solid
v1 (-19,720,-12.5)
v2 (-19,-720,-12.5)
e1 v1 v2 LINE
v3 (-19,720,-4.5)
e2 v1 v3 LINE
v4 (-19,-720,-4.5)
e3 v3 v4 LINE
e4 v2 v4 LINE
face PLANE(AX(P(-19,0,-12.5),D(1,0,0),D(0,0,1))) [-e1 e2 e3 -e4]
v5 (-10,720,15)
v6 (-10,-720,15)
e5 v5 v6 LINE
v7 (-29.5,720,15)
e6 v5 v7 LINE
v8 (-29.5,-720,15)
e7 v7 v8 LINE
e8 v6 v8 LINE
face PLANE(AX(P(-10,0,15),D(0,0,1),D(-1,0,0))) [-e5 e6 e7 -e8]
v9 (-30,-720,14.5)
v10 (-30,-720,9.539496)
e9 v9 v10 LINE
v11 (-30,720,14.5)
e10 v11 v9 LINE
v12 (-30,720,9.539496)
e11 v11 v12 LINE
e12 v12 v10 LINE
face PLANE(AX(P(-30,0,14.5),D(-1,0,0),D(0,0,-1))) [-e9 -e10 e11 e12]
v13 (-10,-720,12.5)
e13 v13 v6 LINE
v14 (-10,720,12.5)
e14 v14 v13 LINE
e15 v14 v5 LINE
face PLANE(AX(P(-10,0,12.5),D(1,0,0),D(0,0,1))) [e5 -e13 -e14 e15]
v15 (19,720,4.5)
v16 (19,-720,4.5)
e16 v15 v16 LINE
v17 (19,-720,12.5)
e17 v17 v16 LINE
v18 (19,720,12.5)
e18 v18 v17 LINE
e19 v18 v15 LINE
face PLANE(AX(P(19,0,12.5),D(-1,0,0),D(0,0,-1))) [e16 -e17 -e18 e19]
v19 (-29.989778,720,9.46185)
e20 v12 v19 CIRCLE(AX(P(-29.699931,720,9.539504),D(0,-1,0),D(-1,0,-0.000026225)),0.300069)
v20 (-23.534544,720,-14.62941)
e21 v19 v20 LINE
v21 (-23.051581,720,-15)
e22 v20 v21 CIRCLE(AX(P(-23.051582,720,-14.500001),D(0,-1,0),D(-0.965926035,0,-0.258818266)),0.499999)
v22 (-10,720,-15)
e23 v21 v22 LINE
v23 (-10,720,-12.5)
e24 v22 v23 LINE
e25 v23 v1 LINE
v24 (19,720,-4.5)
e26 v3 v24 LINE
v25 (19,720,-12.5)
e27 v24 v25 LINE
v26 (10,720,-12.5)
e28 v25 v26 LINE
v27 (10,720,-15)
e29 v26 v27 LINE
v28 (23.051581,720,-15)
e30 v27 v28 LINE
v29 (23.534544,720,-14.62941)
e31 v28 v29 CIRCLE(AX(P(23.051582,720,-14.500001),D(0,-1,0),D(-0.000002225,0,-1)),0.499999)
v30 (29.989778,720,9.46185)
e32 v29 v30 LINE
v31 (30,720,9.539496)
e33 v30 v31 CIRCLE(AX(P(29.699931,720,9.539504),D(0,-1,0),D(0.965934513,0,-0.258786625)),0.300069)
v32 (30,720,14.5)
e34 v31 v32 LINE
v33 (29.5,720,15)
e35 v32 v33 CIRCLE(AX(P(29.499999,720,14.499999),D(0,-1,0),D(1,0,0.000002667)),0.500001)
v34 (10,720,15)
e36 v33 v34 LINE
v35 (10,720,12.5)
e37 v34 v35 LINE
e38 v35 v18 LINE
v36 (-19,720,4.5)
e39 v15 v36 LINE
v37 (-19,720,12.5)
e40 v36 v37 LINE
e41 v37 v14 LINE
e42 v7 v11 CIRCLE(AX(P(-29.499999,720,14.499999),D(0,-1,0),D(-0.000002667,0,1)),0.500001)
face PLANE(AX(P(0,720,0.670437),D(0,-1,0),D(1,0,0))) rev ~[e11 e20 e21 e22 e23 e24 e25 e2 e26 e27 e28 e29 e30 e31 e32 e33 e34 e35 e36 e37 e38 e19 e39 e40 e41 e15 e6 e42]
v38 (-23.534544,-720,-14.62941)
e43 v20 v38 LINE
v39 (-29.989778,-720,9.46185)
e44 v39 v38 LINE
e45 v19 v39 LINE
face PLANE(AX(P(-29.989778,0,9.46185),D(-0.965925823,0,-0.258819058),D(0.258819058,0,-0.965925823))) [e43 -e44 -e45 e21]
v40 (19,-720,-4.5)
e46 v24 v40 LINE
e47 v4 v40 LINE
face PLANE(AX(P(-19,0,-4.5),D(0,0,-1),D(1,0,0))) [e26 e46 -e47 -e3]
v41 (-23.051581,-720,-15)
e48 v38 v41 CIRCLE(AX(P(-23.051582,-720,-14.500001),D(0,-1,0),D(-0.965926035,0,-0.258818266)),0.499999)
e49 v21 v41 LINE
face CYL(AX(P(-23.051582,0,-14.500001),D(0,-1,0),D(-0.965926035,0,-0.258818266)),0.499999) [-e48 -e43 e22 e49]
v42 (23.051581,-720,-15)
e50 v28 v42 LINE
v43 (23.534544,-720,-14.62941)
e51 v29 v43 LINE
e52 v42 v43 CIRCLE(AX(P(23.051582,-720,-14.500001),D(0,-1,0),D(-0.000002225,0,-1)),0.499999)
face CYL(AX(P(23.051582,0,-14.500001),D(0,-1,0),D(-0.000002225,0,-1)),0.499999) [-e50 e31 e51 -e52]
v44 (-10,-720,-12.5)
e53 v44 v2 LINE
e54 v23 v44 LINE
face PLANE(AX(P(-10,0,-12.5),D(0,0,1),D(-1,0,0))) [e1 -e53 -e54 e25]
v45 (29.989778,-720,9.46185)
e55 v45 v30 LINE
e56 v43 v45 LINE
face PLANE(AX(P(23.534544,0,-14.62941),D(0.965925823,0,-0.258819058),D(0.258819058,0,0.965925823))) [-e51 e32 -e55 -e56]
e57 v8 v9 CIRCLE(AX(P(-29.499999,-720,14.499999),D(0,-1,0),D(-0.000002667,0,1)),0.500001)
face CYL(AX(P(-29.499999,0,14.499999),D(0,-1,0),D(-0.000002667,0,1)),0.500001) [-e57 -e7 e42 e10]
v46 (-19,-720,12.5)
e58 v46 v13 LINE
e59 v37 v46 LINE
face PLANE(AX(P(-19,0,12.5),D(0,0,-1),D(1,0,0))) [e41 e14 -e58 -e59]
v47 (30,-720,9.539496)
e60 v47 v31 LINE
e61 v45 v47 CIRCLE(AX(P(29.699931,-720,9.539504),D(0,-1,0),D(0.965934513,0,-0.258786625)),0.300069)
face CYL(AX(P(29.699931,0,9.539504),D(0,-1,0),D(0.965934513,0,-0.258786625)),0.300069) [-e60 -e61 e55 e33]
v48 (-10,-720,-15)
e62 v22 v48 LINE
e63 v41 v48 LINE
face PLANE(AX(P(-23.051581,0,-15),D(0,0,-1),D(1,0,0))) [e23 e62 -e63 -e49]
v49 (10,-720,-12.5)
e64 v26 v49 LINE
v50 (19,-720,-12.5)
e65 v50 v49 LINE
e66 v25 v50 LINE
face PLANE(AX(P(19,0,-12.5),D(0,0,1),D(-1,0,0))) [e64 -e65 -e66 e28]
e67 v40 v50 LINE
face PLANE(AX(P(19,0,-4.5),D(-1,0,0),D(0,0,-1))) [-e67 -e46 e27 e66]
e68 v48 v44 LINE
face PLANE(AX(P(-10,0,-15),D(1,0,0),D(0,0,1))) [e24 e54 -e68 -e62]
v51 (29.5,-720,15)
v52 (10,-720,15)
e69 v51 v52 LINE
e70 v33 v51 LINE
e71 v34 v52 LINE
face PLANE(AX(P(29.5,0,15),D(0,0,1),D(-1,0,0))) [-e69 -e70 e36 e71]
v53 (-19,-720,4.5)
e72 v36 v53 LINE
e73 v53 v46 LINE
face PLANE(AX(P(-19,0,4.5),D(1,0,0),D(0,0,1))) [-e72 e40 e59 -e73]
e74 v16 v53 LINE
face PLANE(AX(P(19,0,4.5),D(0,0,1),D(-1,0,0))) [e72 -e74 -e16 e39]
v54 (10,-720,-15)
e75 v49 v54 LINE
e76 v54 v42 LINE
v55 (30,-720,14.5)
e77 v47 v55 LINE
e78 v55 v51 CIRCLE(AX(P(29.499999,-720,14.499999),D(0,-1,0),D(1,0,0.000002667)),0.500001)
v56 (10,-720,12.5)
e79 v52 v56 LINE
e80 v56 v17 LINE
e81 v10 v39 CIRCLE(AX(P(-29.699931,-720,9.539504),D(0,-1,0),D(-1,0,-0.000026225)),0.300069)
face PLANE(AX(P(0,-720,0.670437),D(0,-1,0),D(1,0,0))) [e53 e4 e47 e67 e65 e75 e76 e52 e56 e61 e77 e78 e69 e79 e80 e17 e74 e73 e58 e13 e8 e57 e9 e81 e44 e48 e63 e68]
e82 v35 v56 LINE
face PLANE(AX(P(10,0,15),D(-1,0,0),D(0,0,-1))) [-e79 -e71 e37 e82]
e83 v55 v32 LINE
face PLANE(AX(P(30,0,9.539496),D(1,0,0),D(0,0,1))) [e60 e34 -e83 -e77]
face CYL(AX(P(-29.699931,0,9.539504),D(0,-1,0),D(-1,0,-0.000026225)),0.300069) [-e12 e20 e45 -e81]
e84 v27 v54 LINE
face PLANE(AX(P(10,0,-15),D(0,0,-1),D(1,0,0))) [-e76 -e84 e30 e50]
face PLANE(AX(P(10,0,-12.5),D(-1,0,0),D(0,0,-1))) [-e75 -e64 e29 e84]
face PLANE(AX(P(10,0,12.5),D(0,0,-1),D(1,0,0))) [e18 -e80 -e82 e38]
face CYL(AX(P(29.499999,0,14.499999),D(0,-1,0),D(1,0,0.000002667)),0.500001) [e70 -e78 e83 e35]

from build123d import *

# Parameters (mm, degrees)
F1_DEPTH = 720


with BuildPart() as f1:
    # F0 (on Front) → F1 (new body, symmetric)
    with BuildSketch(Plane.XZ):
        with BuildLine():
            ThreePointArc((30, 14.5), (29.853553, 14.853553), (29.5, 15))
            Line((29.5, 15), (10, 15))
            Line((10, 15), (10, 12.5))
            Line((10, 12.5), (19, 12.5))
            Line((19, 12.5), (19, 4.5))
            Line((19, 4.5), (0, 4.5))
            Line((0, 4.5), (-19, 4.5))
            Line((-19, 4.5), (-19, 12.5))
            Line((-19, 12.5), (-10, 12.5))
            Line((-10, 12.5), (-10, 15))
            Line((-10, 15), (-29.5, 15))
            ThreePointArc((-29.5, 15), (-29.853553, 14.853553), (-30, 14.5))
            Line((-30, 14.5), (-30, 9.539496))
            ThreePointArc((-30, 9.539496), (-29.997433, 9.500338), (-29.989778, 9.46185))
            Line((-29.989778, 9.46185), (-23.534544, -14.62941))
            ThreePointArc((-23.534544, -14.62941), (-23.355962, -14.896677), (-23.051581, -15))
            Line((-23.051581, -15), (-10, -15))
            Line((-10, -15), (-10, -12.5))
            Line((-10, -12.5), (-19, -12.5))
            Line((-19, -12.5), (-19, -4.5))
            Line((-19, -4.5), (0, -4.5))
            Line((0, -4.5), (19, -4.5))
            Line((19, -4.5), (19, -12.5))
            Line((19, -12.5), (10, -12.5))
            Line((10, -12.5), (10, -15))
            Line((10, -15), (23.051581, -15))
            ThreePointArc((23.051581, -15), (23.355962, -14.896677), (23.534544, -14.62941))
            Line((23.534544, -14.62941), (29.989778, 9.46185))
            ThreePointArc((29.989778, 9.46185), (29.997433, 9.500338), (30, 9.539496))
            Line((30, 9.539496), (30, 14.5))
        make_face()
    extrude(amount=F1_DEPTH, both=True)


solid = f1.part
